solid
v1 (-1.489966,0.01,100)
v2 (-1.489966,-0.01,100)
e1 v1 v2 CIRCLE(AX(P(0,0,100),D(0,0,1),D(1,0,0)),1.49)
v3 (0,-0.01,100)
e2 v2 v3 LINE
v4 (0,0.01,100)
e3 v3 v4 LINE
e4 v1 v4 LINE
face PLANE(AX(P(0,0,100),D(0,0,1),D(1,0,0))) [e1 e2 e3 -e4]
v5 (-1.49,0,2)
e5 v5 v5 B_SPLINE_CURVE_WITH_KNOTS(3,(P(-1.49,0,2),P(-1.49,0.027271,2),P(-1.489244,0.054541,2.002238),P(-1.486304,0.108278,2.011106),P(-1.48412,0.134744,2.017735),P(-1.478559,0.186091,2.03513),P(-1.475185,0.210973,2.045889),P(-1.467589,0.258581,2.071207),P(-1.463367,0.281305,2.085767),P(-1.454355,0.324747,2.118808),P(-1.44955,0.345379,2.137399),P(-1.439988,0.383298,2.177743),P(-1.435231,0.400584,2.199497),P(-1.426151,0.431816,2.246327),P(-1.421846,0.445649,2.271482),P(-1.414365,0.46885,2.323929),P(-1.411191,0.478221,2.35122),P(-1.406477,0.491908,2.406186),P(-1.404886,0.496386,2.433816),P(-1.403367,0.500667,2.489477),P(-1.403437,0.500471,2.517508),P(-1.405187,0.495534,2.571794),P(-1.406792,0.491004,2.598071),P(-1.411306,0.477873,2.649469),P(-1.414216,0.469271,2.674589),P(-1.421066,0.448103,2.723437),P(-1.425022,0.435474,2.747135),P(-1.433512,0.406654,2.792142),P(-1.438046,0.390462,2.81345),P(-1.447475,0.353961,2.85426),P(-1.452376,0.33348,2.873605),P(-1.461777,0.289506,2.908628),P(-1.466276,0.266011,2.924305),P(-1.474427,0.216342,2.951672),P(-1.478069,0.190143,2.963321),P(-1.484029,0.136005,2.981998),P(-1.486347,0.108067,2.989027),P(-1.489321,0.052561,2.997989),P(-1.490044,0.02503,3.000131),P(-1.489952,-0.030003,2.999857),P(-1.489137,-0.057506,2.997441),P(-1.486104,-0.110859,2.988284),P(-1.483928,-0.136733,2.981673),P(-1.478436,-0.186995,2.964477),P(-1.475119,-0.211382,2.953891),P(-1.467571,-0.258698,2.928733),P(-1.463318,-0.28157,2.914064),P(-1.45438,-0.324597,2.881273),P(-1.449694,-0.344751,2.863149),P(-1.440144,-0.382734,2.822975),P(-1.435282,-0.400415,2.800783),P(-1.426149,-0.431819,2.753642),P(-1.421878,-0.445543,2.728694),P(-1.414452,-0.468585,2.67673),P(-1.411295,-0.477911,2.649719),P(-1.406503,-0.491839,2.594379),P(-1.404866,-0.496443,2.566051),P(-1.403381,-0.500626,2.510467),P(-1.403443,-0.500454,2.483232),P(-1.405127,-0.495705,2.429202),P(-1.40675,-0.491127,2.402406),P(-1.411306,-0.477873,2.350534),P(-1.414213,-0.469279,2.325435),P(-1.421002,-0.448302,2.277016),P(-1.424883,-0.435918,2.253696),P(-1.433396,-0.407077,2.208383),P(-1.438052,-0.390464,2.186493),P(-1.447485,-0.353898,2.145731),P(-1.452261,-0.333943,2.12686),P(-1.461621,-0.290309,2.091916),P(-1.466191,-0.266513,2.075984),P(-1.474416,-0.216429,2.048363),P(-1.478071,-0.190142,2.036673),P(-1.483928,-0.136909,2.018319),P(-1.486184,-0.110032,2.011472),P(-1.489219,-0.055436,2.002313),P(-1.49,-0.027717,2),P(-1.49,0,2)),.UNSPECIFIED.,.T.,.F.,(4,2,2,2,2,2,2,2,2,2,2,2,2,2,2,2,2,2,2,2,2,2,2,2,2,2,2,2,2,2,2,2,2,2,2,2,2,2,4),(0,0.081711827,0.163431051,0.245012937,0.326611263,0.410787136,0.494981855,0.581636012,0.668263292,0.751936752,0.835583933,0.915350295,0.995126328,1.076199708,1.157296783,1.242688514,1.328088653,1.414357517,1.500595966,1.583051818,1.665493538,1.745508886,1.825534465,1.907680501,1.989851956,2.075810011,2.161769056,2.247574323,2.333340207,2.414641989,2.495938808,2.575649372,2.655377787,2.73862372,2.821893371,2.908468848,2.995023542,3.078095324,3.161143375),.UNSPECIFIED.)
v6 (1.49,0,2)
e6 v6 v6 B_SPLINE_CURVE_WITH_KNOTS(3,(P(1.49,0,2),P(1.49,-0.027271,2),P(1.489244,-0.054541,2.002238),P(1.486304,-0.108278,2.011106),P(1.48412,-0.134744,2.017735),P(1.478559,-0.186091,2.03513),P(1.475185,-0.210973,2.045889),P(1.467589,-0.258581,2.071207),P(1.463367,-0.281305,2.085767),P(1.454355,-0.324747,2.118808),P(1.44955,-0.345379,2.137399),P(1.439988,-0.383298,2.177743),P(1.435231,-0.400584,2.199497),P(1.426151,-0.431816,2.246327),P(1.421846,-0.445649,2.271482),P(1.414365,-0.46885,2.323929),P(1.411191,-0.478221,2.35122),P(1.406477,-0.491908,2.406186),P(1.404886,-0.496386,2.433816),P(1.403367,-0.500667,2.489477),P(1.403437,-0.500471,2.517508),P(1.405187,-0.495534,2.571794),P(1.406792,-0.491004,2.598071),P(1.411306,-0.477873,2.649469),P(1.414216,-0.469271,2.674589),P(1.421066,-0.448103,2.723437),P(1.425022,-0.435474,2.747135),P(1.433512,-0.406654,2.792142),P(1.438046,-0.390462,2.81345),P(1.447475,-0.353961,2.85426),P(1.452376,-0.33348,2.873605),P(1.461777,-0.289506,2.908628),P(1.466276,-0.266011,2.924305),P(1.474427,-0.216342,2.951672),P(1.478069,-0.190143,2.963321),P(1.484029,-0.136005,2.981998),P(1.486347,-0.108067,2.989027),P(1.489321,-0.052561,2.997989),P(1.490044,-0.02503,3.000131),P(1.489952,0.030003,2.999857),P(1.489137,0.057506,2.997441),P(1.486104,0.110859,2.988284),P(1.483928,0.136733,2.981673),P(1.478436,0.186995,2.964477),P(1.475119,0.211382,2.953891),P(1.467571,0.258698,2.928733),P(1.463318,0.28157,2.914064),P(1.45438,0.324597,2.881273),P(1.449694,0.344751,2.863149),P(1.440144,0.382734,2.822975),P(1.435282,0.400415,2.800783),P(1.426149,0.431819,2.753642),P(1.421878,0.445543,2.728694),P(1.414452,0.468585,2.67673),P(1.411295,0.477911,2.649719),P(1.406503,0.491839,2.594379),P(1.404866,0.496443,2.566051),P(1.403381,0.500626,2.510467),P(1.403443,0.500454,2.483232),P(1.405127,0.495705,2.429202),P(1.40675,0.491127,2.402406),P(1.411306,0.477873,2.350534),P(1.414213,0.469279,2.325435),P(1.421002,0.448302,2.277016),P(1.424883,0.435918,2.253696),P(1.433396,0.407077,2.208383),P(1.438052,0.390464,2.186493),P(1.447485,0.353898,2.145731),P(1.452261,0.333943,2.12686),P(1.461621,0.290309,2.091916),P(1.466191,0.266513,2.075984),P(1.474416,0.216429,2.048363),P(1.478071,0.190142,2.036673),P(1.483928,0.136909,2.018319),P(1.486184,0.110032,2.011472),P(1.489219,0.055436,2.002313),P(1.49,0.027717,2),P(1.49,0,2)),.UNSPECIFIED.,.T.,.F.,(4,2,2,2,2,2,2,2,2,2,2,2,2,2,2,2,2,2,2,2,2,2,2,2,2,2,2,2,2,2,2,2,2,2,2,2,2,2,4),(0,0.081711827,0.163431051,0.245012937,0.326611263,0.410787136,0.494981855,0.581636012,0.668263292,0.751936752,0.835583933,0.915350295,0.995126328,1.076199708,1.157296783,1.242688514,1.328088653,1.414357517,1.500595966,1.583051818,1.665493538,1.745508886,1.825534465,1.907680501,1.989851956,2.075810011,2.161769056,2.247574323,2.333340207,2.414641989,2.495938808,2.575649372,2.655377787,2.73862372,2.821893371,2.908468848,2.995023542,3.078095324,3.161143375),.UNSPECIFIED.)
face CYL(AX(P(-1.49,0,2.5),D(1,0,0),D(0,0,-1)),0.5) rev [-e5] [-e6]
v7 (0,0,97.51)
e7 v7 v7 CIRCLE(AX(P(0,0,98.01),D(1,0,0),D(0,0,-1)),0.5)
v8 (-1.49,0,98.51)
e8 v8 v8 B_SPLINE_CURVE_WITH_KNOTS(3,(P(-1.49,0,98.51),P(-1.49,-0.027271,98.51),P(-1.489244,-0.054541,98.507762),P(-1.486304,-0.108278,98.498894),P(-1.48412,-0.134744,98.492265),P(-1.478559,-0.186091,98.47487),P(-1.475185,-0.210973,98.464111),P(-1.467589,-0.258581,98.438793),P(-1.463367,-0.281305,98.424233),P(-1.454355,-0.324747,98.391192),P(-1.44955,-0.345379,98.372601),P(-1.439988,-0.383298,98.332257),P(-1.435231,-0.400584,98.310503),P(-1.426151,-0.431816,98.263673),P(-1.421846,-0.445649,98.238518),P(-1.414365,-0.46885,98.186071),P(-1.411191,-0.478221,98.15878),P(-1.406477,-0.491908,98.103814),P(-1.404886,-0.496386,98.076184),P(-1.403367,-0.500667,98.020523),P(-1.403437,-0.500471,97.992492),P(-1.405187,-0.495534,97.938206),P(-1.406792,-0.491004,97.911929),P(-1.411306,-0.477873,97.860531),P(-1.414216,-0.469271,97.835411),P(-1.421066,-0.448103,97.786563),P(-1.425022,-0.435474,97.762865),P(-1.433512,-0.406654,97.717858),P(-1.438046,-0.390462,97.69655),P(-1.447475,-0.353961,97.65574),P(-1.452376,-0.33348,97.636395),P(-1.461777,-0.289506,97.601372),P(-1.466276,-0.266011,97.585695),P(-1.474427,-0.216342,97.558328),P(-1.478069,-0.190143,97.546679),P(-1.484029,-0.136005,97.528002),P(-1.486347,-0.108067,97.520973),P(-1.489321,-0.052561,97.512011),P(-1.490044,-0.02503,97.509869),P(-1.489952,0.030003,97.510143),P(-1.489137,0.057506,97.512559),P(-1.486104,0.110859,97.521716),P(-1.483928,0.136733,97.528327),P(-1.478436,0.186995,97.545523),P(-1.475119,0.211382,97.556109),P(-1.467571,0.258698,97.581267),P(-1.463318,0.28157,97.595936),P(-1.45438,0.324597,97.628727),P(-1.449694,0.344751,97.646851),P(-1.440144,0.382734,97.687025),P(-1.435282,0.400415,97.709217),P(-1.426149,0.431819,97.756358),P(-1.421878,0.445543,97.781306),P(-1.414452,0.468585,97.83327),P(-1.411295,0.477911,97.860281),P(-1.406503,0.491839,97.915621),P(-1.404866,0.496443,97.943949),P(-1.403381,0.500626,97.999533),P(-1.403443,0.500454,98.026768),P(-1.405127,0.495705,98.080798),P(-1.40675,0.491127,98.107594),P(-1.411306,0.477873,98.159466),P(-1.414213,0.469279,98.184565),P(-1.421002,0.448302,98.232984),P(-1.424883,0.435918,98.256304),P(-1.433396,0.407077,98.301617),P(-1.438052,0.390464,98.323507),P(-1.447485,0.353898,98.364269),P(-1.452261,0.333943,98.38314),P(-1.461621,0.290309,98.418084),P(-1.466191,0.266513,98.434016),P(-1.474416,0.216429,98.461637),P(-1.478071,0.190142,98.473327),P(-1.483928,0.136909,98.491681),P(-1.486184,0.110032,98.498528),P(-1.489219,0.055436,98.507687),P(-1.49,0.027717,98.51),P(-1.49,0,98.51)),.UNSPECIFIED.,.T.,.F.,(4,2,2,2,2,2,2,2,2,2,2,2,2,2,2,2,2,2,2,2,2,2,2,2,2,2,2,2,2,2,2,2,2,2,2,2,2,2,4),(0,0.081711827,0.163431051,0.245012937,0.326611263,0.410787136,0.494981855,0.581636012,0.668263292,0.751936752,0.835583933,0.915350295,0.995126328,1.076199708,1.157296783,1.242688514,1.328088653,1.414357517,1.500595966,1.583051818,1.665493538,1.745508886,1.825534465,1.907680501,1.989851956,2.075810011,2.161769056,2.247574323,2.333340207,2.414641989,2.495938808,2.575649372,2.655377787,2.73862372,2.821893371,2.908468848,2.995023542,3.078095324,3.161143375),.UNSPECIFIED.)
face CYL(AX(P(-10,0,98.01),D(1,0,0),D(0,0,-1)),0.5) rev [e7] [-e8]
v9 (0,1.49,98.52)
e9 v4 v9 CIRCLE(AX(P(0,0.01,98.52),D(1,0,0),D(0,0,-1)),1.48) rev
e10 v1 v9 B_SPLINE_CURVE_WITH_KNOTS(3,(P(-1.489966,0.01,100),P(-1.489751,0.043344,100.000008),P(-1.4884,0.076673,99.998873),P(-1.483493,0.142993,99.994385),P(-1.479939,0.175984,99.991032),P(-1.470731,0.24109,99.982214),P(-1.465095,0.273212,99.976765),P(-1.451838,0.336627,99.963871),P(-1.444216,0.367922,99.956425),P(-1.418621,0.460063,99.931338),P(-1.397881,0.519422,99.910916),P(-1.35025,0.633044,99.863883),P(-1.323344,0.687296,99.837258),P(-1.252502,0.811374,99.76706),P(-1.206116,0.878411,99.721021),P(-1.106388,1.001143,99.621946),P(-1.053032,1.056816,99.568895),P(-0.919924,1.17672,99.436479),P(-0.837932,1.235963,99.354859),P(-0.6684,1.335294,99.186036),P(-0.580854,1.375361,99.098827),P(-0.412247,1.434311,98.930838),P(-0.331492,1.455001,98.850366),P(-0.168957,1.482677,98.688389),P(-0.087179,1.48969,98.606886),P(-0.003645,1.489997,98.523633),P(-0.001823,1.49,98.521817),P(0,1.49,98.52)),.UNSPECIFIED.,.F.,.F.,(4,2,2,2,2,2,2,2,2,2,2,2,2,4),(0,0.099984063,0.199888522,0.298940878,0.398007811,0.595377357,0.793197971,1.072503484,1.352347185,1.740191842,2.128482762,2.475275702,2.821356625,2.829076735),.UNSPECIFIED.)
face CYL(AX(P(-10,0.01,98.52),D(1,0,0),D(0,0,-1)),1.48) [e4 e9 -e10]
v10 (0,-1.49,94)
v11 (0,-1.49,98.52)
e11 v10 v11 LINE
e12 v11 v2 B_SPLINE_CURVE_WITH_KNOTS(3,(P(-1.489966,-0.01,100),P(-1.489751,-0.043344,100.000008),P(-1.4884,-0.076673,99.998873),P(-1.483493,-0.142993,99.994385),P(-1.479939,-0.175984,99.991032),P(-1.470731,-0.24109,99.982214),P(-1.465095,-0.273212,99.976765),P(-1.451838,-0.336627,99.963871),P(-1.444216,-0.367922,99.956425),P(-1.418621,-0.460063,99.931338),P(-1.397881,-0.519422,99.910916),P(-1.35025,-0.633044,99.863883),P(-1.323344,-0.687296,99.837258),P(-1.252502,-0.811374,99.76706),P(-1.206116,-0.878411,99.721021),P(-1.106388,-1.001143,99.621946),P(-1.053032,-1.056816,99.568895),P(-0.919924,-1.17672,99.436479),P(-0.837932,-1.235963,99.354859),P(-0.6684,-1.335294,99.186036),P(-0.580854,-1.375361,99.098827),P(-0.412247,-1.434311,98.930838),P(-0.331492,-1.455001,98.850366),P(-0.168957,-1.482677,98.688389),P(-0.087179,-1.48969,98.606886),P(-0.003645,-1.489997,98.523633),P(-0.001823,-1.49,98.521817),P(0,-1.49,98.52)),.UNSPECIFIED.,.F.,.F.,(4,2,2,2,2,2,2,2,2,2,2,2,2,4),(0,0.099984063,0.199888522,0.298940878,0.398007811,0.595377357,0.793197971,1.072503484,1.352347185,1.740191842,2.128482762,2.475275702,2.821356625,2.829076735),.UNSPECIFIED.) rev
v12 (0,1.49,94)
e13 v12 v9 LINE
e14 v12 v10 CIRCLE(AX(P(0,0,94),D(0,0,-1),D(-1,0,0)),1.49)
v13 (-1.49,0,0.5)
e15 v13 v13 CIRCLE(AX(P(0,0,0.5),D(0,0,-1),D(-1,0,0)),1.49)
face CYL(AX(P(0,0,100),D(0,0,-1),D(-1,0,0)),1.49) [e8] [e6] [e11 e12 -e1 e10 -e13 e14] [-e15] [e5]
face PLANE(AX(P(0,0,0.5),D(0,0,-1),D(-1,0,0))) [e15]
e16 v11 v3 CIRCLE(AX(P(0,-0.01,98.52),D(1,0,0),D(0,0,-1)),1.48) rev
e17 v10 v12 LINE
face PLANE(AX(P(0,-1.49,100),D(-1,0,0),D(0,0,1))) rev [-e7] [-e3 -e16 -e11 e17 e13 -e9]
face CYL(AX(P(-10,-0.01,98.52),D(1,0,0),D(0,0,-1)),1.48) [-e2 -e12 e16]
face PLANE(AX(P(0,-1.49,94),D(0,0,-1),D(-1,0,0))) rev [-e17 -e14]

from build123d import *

# Parameters (mm, degrees)
SKETCH_1_R               = 1.49
EXTRUDE_1_DEPTH          = 100
CUT_EXTRUDE_3_DEPTH      = 101.022198536
CUT_EXTRUDE_3_DEPTH_BACK = 101.022198536
SKETCH_4_R               = 0.5
CUT_EXTRUDE_7_DEPTH      = 101.022198639
CUT_EXTRUDE_7_DEPTH_BACK = 101.022198639
SKETCH_2_W               = 1.49
SKETCH_2_H               = 6
SKETCH_6_R               = 0.5
CUT_EXTRUDE_8_DEPTH      = 10
SKETCH_7_R               = 1.49
CUT_EXTRUDE_9_DEPTH      = 0.5


with BuildPart() as part:
    # 草图1 → 凸台-拉伸1 (new body)
    with BuildSketch(Plane.XY):
        Circle(SKETCH_1_R)
    extrude(amount=EXTRUDE_1_DEPTH)

    # 草图4 → 切除-拉伸3 (cut, two sides: drawn at the far end of the back side and taken through both)
    with BuildSketch(Plane(origin=(0, 0, 0), x_dir=(0, 0, -1), z_dir=(1, 0, 0)).offset(-CUT_EXTRUDE_3_DEPTH_BACK)):
        with Locations((-2.5, 0)):
            Circle(SKETCH_4_R)
    extrude(amount=CUT_EXTRUDE_3_DEPTH + CUT_EXTRUDE_3_DEPTH_BACK, mode=Mode.SUBTRACT)

    # 草图2 → 切除-拉伸7 (cut, two sides: drawn at the far end of the back side and taken through both)
    with BuildSketch(Plane(origin=(0, 0, 0), x_dir=(1, 0, 0), z_dir=(0, 1, 0)).offset(-CUT_EXTRUDE_7_DEPTH_BACK)):
        with Locations((0.745, -97)):
            Rectangle(SKETCH_2_W, SKETCH_2_H)
    extrude(amount=CUT_EXTRUDE_7_DEPTH + CUT_EXTRUDE_7_DEPTH_BACK, mode=Mode.SUBTRACT)

    # 草图6 → 切除-拉伸8 (cut)
    with BuildSketch(Plane(origin=(0, 0, 0), x_dir=(0, 0, -1), z_dir=(1, 0, 0))):
        with BuildLine():
            Line((-100, 1.49), (-100, 0.01))
            ThreePointArc((-100, 0.01), (-99.566518036, 1.056518036), (-98.52, 1.49))
            Line((-98.52, 1.49), (-100, 1.49))
        make_face()
        with BuildLine():
            ThreePointArc((-98.52, -1.49), (-99.566518036, -1.056518036), (-100, -0.01))
            Line((-100, -0.01), (-100, -1.49))
            Line((-100, -1.49), (-98.52, -1.49))
        make_face()
        with Locations((-98.01, 0)):
            Circle(SKETCH_6_R)
    extrude(amount=-CUT_EXTRUDE_8_DEPTH, mode=Mode.SUBTRACT)

    # 草图7 → 切除-拉伸9 (cut)
    with BuildSketch(Plane(origin=(0, 0, 0), x_dir=(-1, 0, 0), z_dir=(0, 0, -1))):
        Circle(SKETCH_7_R)
    extrude(amount=-CUT_EXTRUDE_9_DEPTH, mode=Mode.SUBTRACT)


solid = part.part
